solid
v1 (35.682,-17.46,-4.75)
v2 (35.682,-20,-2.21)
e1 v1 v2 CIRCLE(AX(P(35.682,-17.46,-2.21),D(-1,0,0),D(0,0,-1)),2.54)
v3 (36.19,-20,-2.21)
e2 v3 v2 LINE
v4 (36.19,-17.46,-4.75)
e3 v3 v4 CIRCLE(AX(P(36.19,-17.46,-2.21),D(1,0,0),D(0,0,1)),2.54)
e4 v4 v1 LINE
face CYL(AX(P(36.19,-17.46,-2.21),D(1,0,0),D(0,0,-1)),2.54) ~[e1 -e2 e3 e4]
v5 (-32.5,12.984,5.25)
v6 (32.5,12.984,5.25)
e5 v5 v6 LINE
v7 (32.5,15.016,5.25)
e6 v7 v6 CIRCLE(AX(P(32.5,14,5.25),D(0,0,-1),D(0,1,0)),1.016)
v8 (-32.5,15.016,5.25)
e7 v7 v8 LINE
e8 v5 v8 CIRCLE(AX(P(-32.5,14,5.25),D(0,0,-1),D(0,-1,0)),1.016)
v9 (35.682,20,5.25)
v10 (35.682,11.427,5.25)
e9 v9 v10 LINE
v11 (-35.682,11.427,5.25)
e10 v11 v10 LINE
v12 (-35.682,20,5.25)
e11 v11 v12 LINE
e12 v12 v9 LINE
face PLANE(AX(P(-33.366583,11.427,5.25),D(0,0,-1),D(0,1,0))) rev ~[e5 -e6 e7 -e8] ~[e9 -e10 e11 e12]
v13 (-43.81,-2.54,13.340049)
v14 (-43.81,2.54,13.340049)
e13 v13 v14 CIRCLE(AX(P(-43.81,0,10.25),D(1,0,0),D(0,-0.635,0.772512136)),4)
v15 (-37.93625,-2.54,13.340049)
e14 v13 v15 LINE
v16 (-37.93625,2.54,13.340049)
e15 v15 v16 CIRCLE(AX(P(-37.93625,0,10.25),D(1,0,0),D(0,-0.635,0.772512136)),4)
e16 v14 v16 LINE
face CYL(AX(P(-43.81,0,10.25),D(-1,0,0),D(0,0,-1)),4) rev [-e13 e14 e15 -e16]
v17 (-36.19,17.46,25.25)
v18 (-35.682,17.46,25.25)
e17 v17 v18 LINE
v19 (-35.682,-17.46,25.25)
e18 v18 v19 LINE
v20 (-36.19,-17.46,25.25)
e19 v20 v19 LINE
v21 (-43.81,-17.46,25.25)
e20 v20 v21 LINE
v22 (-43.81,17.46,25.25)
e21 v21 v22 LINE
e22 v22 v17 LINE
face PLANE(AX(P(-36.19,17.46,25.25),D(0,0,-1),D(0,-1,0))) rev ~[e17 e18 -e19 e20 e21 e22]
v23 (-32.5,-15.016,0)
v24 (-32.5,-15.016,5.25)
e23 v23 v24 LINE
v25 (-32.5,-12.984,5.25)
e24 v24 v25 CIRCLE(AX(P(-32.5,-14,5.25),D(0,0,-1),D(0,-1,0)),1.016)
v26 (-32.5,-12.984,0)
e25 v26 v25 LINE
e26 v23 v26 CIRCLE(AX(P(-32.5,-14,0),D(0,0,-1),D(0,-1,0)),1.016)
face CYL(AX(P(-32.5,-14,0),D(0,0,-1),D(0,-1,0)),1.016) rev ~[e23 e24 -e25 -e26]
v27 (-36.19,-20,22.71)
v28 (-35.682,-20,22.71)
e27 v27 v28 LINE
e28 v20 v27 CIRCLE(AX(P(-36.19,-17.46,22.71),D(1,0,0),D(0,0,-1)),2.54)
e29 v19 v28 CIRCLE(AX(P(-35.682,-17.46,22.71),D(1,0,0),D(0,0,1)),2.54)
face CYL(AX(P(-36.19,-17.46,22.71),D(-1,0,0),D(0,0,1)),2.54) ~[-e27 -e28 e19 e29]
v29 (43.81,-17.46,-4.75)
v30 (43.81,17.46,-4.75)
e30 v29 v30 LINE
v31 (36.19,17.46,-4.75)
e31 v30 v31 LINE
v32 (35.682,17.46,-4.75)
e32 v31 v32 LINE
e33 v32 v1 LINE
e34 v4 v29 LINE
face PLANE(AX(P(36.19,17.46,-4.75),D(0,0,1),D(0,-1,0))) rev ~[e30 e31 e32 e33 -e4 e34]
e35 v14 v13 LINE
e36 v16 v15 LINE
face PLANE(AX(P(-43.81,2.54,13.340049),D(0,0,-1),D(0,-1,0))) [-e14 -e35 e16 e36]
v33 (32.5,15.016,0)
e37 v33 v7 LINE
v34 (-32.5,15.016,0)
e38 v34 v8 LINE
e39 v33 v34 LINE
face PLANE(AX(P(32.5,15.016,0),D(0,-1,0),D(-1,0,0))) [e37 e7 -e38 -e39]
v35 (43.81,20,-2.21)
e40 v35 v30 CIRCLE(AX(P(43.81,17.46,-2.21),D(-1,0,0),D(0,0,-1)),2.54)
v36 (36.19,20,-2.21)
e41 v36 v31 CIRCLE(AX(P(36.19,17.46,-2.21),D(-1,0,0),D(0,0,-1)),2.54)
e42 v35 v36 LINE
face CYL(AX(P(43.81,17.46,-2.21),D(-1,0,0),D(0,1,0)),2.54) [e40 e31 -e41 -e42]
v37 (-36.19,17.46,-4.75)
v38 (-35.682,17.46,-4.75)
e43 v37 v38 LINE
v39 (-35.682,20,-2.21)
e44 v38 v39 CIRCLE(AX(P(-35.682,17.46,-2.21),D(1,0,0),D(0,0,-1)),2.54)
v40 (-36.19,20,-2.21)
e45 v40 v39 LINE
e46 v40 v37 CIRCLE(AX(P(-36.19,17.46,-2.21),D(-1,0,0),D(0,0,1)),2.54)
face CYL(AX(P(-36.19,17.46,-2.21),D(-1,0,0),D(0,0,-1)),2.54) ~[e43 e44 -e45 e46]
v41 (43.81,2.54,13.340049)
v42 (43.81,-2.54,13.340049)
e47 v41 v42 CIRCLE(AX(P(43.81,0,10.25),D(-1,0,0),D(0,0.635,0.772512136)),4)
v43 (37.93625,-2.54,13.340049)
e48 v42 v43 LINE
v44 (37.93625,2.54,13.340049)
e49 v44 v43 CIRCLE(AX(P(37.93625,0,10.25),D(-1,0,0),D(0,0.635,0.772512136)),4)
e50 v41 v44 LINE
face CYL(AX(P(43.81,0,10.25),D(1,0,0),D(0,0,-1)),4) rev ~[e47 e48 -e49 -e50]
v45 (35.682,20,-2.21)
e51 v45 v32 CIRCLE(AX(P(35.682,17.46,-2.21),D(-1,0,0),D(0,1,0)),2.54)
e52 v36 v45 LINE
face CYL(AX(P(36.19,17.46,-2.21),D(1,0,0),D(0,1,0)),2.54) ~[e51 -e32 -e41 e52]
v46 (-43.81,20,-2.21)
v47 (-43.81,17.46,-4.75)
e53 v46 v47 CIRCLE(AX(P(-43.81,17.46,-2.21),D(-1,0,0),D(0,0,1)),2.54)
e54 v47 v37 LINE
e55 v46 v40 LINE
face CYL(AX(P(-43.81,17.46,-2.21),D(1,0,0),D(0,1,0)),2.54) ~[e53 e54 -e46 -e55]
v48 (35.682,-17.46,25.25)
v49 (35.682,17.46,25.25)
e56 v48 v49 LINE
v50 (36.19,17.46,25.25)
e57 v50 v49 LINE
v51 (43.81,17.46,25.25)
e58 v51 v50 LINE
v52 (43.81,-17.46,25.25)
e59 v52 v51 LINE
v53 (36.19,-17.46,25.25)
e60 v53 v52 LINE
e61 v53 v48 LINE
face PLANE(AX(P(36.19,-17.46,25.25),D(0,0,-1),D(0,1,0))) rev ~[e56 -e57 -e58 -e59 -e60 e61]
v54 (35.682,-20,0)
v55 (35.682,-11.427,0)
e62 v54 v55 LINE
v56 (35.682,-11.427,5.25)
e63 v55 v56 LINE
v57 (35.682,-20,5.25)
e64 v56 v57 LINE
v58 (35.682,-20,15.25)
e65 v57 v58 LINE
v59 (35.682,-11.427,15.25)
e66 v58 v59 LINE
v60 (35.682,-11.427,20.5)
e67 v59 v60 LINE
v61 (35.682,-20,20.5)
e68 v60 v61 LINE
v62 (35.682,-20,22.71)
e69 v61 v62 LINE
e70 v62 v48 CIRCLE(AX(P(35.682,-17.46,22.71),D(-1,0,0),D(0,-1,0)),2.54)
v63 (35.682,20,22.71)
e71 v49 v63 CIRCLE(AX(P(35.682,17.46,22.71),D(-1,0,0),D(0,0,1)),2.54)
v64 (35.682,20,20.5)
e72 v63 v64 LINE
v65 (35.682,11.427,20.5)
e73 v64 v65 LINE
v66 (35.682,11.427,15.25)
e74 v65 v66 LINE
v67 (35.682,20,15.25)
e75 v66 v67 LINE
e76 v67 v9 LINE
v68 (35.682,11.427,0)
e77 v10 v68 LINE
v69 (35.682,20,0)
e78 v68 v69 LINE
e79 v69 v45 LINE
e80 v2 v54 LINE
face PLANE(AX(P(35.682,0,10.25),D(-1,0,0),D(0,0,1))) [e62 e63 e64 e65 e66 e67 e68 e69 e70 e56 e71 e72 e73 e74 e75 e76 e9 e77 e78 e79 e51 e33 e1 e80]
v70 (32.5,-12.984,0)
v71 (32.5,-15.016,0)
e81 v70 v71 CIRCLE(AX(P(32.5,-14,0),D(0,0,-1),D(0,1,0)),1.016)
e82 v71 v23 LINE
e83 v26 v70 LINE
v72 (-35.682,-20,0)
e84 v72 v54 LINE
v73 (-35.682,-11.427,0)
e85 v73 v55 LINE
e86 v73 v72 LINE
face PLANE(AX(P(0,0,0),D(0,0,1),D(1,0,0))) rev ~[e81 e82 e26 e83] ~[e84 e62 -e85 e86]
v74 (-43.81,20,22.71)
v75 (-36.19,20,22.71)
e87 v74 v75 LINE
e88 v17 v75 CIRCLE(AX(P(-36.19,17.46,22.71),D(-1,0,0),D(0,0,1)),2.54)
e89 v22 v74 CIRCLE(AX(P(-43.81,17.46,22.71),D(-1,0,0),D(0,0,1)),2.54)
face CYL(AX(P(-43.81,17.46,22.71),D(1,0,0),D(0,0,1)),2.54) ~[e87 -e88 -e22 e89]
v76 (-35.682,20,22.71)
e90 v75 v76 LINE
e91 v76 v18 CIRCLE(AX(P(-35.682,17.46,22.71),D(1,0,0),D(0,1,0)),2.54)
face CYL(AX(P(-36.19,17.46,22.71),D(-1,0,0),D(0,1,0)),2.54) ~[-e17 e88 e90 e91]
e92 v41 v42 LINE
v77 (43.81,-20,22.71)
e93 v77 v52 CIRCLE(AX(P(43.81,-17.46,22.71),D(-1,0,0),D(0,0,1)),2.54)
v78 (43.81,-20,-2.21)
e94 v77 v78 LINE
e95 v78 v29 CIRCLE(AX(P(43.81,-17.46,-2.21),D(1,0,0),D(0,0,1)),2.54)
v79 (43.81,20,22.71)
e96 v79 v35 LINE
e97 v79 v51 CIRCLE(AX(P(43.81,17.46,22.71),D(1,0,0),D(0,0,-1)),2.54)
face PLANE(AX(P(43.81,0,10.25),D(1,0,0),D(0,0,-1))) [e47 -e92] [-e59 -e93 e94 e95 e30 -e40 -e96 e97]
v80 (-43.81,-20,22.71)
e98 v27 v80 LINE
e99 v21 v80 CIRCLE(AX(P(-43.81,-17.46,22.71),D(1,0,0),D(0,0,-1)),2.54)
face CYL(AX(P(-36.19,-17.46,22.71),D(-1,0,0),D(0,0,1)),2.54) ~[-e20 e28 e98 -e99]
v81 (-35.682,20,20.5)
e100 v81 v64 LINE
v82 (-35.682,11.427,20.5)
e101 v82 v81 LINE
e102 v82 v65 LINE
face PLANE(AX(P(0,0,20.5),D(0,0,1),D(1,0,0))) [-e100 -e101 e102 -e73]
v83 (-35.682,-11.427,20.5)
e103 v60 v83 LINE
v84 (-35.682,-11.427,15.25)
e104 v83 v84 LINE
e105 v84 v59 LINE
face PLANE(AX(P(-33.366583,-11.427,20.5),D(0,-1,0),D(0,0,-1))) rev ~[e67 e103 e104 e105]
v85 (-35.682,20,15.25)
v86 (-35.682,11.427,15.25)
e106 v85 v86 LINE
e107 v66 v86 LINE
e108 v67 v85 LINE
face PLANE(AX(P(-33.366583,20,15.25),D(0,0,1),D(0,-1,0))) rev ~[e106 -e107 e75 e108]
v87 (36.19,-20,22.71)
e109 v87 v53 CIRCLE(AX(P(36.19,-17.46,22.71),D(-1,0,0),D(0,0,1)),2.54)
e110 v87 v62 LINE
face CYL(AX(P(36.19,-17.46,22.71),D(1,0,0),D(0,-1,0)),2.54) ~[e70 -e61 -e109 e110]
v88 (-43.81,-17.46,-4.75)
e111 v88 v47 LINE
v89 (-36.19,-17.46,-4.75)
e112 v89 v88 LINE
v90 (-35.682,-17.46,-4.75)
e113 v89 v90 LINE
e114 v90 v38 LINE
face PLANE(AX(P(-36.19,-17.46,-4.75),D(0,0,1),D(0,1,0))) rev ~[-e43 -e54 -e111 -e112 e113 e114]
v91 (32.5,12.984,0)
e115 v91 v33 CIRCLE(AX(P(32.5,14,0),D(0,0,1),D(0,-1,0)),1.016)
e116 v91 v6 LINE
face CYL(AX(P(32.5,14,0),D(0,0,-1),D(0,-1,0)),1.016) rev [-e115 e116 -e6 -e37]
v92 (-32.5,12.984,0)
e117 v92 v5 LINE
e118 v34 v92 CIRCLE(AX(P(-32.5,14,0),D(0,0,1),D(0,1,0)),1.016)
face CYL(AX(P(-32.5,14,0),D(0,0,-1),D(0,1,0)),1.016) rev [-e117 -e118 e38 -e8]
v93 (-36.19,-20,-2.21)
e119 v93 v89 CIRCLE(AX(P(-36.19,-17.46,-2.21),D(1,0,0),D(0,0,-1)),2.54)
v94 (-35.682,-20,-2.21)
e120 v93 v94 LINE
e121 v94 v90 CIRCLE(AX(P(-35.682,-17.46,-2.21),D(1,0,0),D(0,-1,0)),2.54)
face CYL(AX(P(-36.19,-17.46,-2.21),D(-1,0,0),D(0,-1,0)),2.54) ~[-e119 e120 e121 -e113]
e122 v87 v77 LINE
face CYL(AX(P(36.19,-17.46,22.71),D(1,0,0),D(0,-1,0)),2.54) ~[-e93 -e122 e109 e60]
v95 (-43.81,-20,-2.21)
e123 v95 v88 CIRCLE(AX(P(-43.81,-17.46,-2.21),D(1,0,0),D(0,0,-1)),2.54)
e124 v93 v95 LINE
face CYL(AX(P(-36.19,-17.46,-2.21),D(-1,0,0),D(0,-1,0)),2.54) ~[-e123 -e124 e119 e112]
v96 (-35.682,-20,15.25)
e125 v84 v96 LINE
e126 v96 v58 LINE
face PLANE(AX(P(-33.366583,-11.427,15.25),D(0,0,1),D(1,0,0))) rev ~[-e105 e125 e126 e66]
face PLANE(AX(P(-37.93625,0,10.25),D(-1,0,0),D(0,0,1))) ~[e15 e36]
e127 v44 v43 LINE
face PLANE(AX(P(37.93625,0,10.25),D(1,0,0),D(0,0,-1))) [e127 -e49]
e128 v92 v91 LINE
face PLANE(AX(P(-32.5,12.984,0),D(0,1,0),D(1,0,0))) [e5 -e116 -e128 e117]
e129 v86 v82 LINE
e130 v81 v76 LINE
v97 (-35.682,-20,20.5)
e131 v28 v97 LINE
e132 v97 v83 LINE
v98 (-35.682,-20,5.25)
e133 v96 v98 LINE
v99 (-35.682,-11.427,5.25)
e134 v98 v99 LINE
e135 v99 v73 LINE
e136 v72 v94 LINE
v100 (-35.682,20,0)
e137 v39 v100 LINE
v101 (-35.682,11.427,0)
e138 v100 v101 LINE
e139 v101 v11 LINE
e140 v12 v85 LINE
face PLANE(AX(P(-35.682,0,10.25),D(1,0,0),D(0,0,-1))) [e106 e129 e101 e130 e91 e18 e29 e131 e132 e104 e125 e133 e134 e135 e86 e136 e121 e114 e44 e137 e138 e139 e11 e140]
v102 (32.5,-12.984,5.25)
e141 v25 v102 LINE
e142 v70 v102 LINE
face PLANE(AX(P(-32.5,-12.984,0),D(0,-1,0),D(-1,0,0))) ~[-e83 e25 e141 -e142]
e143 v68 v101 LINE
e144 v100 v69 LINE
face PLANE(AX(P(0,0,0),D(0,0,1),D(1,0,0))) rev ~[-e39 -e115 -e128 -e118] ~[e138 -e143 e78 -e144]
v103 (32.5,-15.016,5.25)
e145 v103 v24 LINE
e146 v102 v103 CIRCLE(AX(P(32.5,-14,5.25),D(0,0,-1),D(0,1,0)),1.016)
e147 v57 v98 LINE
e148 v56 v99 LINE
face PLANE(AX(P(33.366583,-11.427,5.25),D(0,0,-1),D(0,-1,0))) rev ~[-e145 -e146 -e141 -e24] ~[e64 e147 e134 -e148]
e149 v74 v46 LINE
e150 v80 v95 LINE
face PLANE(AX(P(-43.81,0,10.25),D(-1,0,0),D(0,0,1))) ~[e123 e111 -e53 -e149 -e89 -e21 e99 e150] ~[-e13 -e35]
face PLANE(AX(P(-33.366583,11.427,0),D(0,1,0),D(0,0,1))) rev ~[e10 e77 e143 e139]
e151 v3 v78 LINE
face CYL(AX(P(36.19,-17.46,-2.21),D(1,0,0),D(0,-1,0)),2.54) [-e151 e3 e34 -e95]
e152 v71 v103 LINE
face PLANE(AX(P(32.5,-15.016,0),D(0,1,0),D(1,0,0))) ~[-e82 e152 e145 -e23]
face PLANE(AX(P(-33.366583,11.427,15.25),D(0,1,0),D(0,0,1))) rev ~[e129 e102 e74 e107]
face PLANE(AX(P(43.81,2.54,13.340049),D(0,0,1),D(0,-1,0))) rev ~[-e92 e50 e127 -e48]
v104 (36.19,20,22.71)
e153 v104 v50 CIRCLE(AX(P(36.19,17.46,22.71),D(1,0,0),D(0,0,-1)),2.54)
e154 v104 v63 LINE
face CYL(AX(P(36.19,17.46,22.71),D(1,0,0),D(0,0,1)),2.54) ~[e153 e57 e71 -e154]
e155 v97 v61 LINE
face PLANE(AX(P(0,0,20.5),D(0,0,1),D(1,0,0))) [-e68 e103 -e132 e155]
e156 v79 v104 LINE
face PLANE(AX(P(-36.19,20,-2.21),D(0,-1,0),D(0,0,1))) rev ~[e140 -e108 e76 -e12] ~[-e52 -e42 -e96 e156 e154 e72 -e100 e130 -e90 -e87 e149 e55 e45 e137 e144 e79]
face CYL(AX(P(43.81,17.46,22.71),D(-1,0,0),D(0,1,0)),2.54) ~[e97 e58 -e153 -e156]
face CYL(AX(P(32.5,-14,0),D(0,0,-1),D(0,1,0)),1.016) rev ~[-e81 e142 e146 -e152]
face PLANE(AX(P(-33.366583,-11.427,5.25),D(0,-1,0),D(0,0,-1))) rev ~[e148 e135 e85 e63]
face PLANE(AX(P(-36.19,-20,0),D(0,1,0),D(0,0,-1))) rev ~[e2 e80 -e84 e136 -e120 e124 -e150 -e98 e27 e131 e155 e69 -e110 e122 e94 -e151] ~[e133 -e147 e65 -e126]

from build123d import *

# Parameters (mm, degrees)
SKETCH1_W               = 80
SKETCH1_H               = 40
BOSS_EXTRUDE1_DEPTH     = 20.5
SKETCH2_W               = 66.73316624
SKETCH2_H               = 22.854
CUT_EXTRUDE1_DEPTH      = 21.5
SKETCH3_W               = 30
SKETCH3_H               = 40
BOSS_EXTRUDE2_DEPTH     = 3.81
SKETCH4_R               = 4
CUT_EXTRUDE2_DEPTH      = 5.87375
SKETCH6_W               = 66.73316624
SKETCH6_H               = 10
CUT_EXTRUDE4_DEPTH      = 32.427
CUT_EXTRUDE4_DEPTH_BACK = 9.573
FILLET4_R               = 2.54
CUT_EXTRUDE5_DEPTH      = 5.25
BOSS_EXTRUDE3_DEPTH     = 5.87375
BOSS_EXTRUDE4_DEPTH     = 5.87375
CUT_EXTRUDE6_DEPTH      = 2.823417
CUT_EXTRUDE7_DEPTH      = 2.823417
BOSS_EXTRUDE5_DEPTH     = 0.508
BOSS_EXTRUDE6_DEPTH     = 0.508


with BuildPart() as part:
    # Sketch1 → Boss-Extrude1 (new body)
    with BuildSketch(Plane.XY):
        Rectangle(SKETCH1_W, SKETCH1_H)
    extrude(amount=BOSS_EXTRUDE1_DEPTH)

    # Sketch2 → Cut-Extrude1 (cut, through all)
    with BuildSketch(Plane.XY.offset(20.5)):
        Rectangle(SKETCH2_W, SKETCH2_H)
    extrude(amount=-CUT_EXTRUDE1_DEPTH, mode=Mode.SUBTRACT)

    # Sketch3 → Boss-Extrude2 (add, symmetric)
    with BuildSketch(Plane(origin=(40, 0, 0), x_dir=(0, 0, -1), z_dir=(1, 0, 0))):
        with Locations((-10.25, 0)):
            Rectangle(SKETCH3_W, SKETCH3_H)
    boss_extrude2 = extrude(amount=BOSS_EXTRUDE2_DEPTH, both=True)

    # Mirror1: Boss-Extrude2 across plane
    add(boss_extrude2.mirror(Plane(origin=(0, 0, 0), x_dir=(0, 0, 1), z_dir=(1, 0, 0))))

    # Sketch4 → Cut-Extrude2 (cut)
    with BuildSketch(Plane(origin=(43.81, 0, 0), x_dir=(0, 0, -1), z_dir=(1, 0, 0))):
        with Locations((-10.25, 0)):
            Circle(SKETCH4_R)
    cut_extrude2 = extrude(amount=-CUT_EXTRUDE2_DEPTH, mode=Mode.SUBTRACT)

    # Mirror2: Cut-Extrude2 across plane
    add(cut_extrude2.mirror(Plane(origin=(0, 0, 0), x_dir=(0, 0, 1), z_dir=(1, 0, 0))), mode=Mode.SUBTRACT)

    # Sketch6 → Cut-Extrude4 (cut, two sides)
    with BuildSketch(Plane(origin=(0, -11.427, 0), x_dir=(1, 0, 0), z_dir=(0, 1, 0))) as cut_extrude4_sk:
        with Locations((0, -10.25)):
            Rectangle(SKETCH6_W, SKETCH6_H)
    extrude(amount=CUT_EXTRUDE4_DEPTH, mode=Mode.SUBTRACT)
    extrude(cut_extrude4_sk.sketch, amount=-CUT_EXTRUDE4_DEPTH_BACK, mode=Mode.SUBTRACT)

    # Fillet4
    fillet4_edges = [part.edges().sort_by_distance(p)[0] for p in [
        (40, 20, 25.25),
        (40, -20, 25.25),
        (40, -20, -4.75),
        (40, 20, -4.75),
        (-40, -20, 25.25),
        (-40, 20, 25.25),
        (-40, 20, -4.75),
        (-40, -20, -4.75),
    ]]
    fillet(fillet4_edges, radius=FILLET4_R)

    # Sketch7 → Cut-Extrude5 (cut)
    with BuildSketch(Plane(origin=(0, 0, 0), x_dir=(-1, 0, 0), z_dir=(0, 0, -1))):
        with BuildLine():
            Line((-32.5, 15.016), (32.5, 15.016))
            ThreePointArc((32.5, 15.016), (33.516, 14), (32.5, 12.984))
            Line((32.5, 12.984), (-32.5, 12.984))
            ThreePointArc((-32.5, 12.984), (-33.516, 14), (-32.5, 15.016))
        make_face()
    cut_extrude5 = extrude(amount=-CUT_EXTRUDE5_DEPTH, mode=Mode.SUBTRACT)

    # Mirror3: Cut-Extrude5 across plane
    add(cut_extrude5.mirror(Plane.ZX), mode=Mode.SUBTRACT)

    # Sketch8 → Boss-Extrude3 (add)
    with BuildSketch(Plane(origin=(43.81, 0, 0), x_dir=(0, 0, -1), z_dir=(1, 0, 0))):
        with BuildLine():
            Line((-13.340048543, 2.54), (-13.340048543, -2.54))
            ThreePointArc((-13.340048543, -2.54), (-14.25, 0), (-13.340048543, 2.54))
        make_face()
    extrude(amount=-BOSS_EXTRUDE3_DEPTH)

    # Sketch9 → Boss-Extrude4 (add)
    with BuildSketch(Plane.ZY.offset(43.81)):
        with BuildLine():
            Line((13.340048543, 2.54), (13.340048543, -2.54))
            ThreePointArc((13.340048543, -2.54), (14.25, 0), (13.340048543, 2.54))
        make_face()
    extrude(amount=-BOSS_EXTRUDE4_DEPTH)

    # Sketch10 → Cut-Extrude6 (cut)
    with BuildSketch(Plane.ZY.offset(-33.36658312)):
        Polygon((20.5, 11.427), (15.25, 11.427), (15.25, 20), (5.25, 20), (5.25, 14.53036751), (5.25, 13.46963249), (5.25, 11.427), (0, 11.427), (0, -11.427), (5.25, -11.427), (5.25, -13.46963249), (5.25, -14.53036751), (5.25, -20), (15.25, -20), (15.25, -11.427), (20.5, -11.427), align=None)
    extrude(amount=-CUT_EXTRUDE6_DEPTH, mode=Mode.SUBTRACT)

    # Sketch11 → Cut-Extrude7 (cut)
    with BuildSketch(Plane(origin=(-33.36658312, 0, 0), x_dir=(0, 0, -1), z_dir=(1, 0, 0))):
        Polygon((-20.5, -11.427), (-15.25, -11.427), (-15.25, -20), (-5.25, -20), (-5.25, -14.53036751), (-5.25, -13.46963249), (-5.25, -11.427), (0, -11.427), (0, 11.427), (-5.25, 11.427), (-5.25, 13.46963249), (-5.25, 14.53036751), (-5.25, 20), (-15.25, 20), (-15.25, 11.427), (-20.5, 11.427), align=None)
    extrude(amount=-CUT_EXTRUDE7_DEPTH, mode=Mode.SUBTRACT)

    # Sketch12 → Boss-Extrude5 (add)
    with BuildSketch(Plane.ZY.offset(-36.19)):
        with BuildLine():
            Line((-4.75, 17.46), (-4.75, -17.46))
            ThreePointArc((-4.75, -17.46), (-4.006051224, -19.256051224), (-2.21, -20))
            Line((-2.21, -20), (0, -20))
            Line((0, -20), (0, -11.427))
            Line((0, -11.427), (5.25, -11.427))
            Line((5.25, -11.427), (5.25, -20))
            Line((5.25, -20), (15.25, -20))
            Line((15.25, -20), (15.25, -11.427))
            Line((15.25, -11.427), (20.5, -11.427))
            Line((20.5, -11.427), (20.5, -20))
            Line((20.5, -20), (22.71, -20))
            ThreePointArc((22.71, -20), (24.506051224, -19.256051224), (25.25, -17.46))
            Line((25.25, -17.46), (25.25, 17.46))
            ThreePointArc((25.25, 17.46), (24.506051224, 19.256051224), (22.71, 20))
            Line((22.71, 20), (20.5, 20))
            Line((20.5, 20), (20.5, 11.427))
            Line((20.5, 11.427), (15.25, 11.427))
            Line((15.25, 11.427), (15.25, 20))
            Line((15.25, 20), (5.25, 20))
            Line((5.25, 20), (5.25, 11.427))
            Line((5.25, 11.427), (0, 11.427))
            Line((0, 11.427), (0, 20))
            Line((0, 20), (-2.21, 20))
            ThreePointArc((-2.21, 20), (-4.006051224, 19.256051224), (-4.75, 17.46))
        make_face()
    extrude(amount=BOSS_EXTRUDE5_DEPTH)

    # Sketch13 → Boss-Extrude6 (add)
    with BuildSketch(Plane(origin=(-36.19, 0, 0), x_dir=(0, 0, -1), z_dir=(1, 0, 0))):
        with BuildLine():
            Line((0, -20), (2.21, -20))
            ThreePointArc((2.21, -20), (4.006051224, -19.256051224), (4.75, -17.46))
            Line((4.75, -17.46), (4.75, 17.46))
            ThreePointArc((4.75, 17.46), (4.006051224, 19.256051224), (2.21, 20))
            Line((2.21, 20), (0, 20))
            Line((0, 20), (0, 11.427))
            Line((0, 11.427), (-5.25, 11.427))
            Line((-5.25, 11.427), (-5.25, 20))
            Line((-5.25, 20), (-15.25, 20))
            Line((-15.25, 20), (-15.25, 11.427))
            Line((-15.25, 11.427), (-20.5, 11.427))
            Line((-20.5, 11.427), (-20.5, 20))
            Line((-20.5, 20), (-22.71, 20))
            ThreePointArc((-22.71, 20), (-24.506051224, 19.256051224), (-25.25, 17.46))
            Line((-25.25, 17.46), (-25.25, -17.46))
            ThreePointArc((-25.25, -17.46), (-24.506051224, -19.256051224), (-22.71, -20))
            Line((-22.71, -20), (-20.5, -20))
            Line((-20.5, -20), (-20.5, -11.427))
            Line((-20.5, -11.427), (-15.25, -11.427))
            Line((-15.25, -11.427), (-15.25, -20))
            Line((-15.25, -20), (-5.25, -20))
            Line((-5.25, -20), (-5.25, -11.427))
            Line((-5.25, -11.427), (0, -11.427))
            Line((0, -11.427), (0, -20))
        make_face()
    extrude(amount=BOSS_EXTRUDE6_DEPTH)


solid = part.part
